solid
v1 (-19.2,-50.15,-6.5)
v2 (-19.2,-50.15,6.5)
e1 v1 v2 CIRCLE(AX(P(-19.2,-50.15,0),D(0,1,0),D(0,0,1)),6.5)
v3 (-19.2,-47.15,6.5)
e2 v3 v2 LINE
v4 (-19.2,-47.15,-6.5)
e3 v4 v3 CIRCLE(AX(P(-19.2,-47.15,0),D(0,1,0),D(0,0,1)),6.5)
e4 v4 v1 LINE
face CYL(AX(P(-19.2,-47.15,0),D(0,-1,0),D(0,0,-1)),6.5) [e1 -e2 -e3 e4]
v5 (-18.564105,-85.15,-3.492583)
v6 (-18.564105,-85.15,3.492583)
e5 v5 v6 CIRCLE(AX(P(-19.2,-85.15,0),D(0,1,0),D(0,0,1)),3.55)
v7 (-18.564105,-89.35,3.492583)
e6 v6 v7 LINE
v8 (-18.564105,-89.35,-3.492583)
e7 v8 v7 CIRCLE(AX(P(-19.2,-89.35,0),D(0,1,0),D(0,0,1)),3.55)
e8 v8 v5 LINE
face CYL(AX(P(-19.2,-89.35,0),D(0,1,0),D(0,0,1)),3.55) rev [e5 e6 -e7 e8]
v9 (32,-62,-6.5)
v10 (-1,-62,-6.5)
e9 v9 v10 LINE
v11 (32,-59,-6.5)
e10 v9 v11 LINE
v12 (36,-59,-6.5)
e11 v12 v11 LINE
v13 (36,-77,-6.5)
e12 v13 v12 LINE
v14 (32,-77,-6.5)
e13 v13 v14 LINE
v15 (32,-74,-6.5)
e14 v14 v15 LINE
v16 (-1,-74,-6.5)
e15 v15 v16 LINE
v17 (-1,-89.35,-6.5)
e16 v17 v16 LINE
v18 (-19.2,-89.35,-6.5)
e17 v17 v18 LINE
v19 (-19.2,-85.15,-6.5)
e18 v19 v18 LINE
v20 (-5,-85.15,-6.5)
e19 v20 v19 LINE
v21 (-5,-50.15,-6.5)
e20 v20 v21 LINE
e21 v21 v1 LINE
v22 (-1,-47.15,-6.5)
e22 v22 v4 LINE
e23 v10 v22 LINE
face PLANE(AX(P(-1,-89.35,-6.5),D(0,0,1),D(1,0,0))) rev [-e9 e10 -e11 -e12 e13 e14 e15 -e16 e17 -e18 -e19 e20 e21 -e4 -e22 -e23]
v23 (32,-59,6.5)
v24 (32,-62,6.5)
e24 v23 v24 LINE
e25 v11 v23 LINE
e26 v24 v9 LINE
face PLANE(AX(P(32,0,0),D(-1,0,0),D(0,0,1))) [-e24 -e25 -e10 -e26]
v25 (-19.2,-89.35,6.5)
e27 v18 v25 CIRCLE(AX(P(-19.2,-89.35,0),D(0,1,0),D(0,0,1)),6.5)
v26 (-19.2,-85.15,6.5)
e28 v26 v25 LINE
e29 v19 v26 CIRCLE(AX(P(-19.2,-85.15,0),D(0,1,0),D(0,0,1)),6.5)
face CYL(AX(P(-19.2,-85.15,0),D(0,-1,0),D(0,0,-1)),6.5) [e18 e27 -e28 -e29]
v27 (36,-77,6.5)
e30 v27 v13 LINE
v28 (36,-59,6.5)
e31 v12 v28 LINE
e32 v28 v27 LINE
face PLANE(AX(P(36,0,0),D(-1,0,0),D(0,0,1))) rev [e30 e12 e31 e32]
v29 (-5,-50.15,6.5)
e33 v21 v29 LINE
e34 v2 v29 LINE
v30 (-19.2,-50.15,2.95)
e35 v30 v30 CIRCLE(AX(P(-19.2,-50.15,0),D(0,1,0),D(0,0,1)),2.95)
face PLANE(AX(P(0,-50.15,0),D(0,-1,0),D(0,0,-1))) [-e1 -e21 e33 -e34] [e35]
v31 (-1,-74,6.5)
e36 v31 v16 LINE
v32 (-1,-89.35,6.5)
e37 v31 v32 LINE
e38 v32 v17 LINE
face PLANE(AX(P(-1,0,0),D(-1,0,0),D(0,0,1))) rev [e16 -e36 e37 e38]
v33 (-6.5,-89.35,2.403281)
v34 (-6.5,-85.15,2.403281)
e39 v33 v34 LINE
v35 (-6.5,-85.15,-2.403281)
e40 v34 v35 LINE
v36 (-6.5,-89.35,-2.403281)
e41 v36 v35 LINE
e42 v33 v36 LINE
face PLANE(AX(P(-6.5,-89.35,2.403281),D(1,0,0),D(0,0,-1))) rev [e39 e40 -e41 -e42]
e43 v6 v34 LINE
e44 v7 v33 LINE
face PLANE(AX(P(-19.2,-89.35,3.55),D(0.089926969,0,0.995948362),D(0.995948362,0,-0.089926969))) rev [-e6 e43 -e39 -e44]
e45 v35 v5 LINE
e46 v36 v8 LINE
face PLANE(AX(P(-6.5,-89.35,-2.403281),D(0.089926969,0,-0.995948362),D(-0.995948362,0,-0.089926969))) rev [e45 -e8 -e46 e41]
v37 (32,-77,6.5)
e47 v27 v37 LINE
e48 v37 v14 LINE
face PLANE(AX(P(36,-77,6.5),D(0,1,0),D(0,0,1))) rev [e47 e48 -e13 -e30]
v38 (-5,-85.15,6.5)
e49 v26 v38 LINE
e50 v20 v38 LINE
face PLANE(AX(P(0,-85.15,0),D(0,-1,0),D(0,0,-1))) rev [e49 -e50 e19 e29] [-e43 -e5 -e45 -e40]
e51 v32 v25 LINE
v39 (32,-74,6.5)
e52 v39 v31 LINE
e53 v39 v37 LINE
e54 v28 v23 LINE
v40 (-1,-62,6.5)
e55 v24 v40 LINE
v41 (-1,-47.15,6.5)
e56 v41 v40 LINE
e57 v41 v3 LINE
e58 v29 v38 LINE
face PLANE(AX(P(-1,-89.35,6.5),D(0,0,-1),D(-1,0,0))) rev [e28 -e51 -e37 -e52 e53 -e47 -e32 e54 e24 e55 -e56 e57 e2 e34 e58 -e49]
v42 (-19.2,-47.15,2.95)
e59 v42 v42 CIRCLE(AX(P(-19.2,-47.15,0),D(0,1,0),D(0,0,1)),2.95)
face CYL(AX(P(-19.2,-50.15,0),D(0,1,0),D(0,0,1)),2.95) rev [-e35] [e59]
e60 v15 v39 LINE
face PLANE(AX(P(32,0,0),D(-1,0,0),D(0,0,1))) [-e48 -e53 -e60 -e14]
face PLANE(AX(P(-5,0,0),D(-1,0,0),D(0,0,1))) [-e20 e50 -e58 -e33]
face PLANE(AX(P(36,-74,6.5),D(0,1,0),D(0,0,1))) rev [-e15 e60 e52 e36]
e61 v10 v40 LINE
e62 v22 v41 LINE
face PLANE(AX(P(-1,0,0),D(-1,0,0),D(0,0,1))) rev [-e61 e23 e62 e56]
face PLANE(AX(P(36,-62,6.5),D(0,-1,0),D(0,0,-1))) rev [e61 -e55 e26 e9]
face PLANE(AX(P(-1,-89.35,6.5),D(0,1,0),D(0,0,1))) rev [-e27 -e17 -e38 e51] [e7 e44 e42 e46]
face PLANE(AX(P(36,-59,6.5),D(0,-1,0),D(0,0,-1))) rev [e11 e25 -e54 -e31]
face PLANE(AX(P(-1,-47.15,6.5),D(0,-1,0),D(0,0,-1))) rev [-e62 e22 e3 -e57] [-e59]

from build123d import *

# Parameters (mm, degrees)
BOSS_EXTRUDE1_START = -3
SKETCH1_W           = 13
SKETCH1_H           = 42.2
BOSS_EXTRUDE1_DEPTH = 2
BOSS_EXTRUDE2_START = -87.25
SKETCH2_R           = 6.5
BOSS_EXTRUDE2_DEPTH = 2.1
BOSS_EXTRUDE3_START = -87.25
SKETCH3_W           = 18.2
SKETCH3_H           = 13
BOSS_EXTRUDE3_DEPTH = 2.1
CUT_EXTRUDE1_START  = -87.25
SKETCH4_R           = 3.55
CUT_EXTRUDE1_DEPTH  = 2.1
CUT_EXTRUDE2_START  = -87.25
CUT_EXTRUDE2_DEPTH  = 2.1
BOSS_EXTRUDE4_START = -48.65
SKETCH6_R           = 6.5
BOSS_EXTRUDE4_DEPTH = 1.5
BOSS_EXTRUDE5_START = -48.65
SKETCH7_W           = 18.2
SKETCH7_H           = 13
BOSS_EXTRUDE5_DEPTH = 1.5
CUT_EXTRUDE3_START  = -48.65
SKETCH8_R           = 2.95
CUT_EXTRUDE3_DEPTH  = 1.5
BOSS_EXTRUDE6_START = 17
SKETCH9_W           = 13
SKETCH9_H           = 12
BOSS_EXTRUDE6_DEPTH = 19
BOSS_EXTRUDE7_START = 34
SKETCH10_W          = 13
SKETCH10_H          = 18
BOSS_EXTRUDE7_DEPTH = 2


with BuildPart() as part:
    # Sketch1 → Boss-Extrude1 (new, symmetric)
    with BuildSketch(Plane(origin=(0, 0, 0), x_dir=(0, 0, -1), z_dir=(1, 0, 0)).offset(BOSS_EXTRUDE1_START)):
        with Locations((0, -68.25)):
            Rectangle(SKETCH1_W, SKETCH1_H)
    extrude(amount=BOSS_EXTRUDE1_DEPTH, both=True)



with BuildPart() as body_2:
    # Sketch2 → Boss-Extrude2 (new, symmetric)
    with BuildSketch(Plane(origin=(0, 0, 0), x_dir=(1, 0, 0), z_dir=(0, 1, 0)).offset(BOSS_EXTRUDE2_START)):
        with Locations(Location((-19.2, 0, 0), (0, 0, 270))):
            Circle(SKETCH2_R)
    extrude(amount=BOSS_EXTRUDE2_DEPTH, both=True)


with BuildPart() as part_1:
    add(part.part)

    add(body_2.part)  # Boss-Extrude3 merges body 2
    # Sketch3 → Boss-Extrude3 (add, symmetric)
    with BuildSketch(Plane(origin=(0, 0, 0), x_dir=(1, 0, 0), z_dir=(0, 1, 0)).offset(BOSS_EXTRUDE3_START)):
        with Locations((-10.1, 0)):
            Rectangle(SKETCH3_W, SKETCH3_H)
    extrude(amount=BOSS_EXTRUDE3_DEPTH, both=True)

    # Sketch4 → Cut-Extrude1 (cut, symmetric)
    with BuildSketch(Plane(origin=(0, 0, 0), x_dir=(1, 0, 0), z_dir=(0, 1, 0)).offset(CUT_EXTRUDE1_START)):
        with Locations(Location((-19.2, 0, 0), (0, 0, 270))):
            Circle(SKETCH4_R)
    extrude(amount=CUT_EXTRUDE1_DEPTH, both=True, mode=Mode.SUBTRACT)

    # Sketch5 → Cut-Extrude2 (cut, symmetric)
    with BuildSketch(Plane(origin=(0, 0, 0), x_dir=(1, 0, 0), z_dir=(0, 1, 0)).offset(CUT_EXTRUDE2_START)):
        Polygon((-19.2, -3.55), (-6.5, -2.403281405), (-6.5, 2.403281405), (-19.2, 3.55), align=None)
    extrude(amount=CUT_EXTRUDE2_DEPTH, both=True, mode=Mode.SUBTRACT)



with BuildPart() as body_2_2:
    # Sketch6 → Boss-Extrude4 (new, symmetric)
    with BuildSketch(Plane(origin=(0, 0, 0), x_dir=(1, 0, 0), z_dir=(0, 1, 0)).offset(BOSS_EXTRUDE4_START)):
        with Locations(Location((-19.2, 0, 0), (0, 0, 270))):
            Circle(SKETCH6_R)
    extrude(amount=BOSS_EXTRUDE4_DEPTH, both=True)


with BuildPart() as part_2:
    add(part_1.part)

    add(body_2_2.part)  # Boss-Extrude5 merges body 2 2
    # Sketch7 → Boss-Extrude5 (add, symmetric)
    with BuildSketch(Plane(origin=(0, 0, 0), x_dir=(1, 0, 0), z_dir=(0, 1, 0)).offset(BOSS_EXTRUDE5_START)):
        with Locations((-10.1, 0)):
            Rectangle(SKETCH7_W, SKETCH7_H)
    extrude(amount=BOSS_EXTRUDE5_DEPTH, both=True)

    # Sketch8 → Cut-Extrude3 (cut, symmetric)
    with BuildSketch(Plane(origin=(0, 0, 0), x_dir=(1, 0, 0), z_dir=(0, 1, 0)).offset(CUT_EXTRUDE3_START)):
        with Locations(Location((-19.2, 0, 0), (0, 0, 270))):
            Circle(SKETCH8_R)
    extrude(amount=CUT_EXTRUDE3_DEPTH, both=True, mode=Mode.SUBTRACT)

    # Sketch9 → Boss-Extrude6 (add, symmetric)
    with BuildSketch(Plane(origin=(0, 0, 0), x_dir=(0, 0, -1), z_dir=(1, 0, 0)).offset(BOSS_EXTRUDE6_START)):
        with Locations((0, -68)):
            Rectangle(SKETCH9_W, SKETCH9_H)
    extrude(amount=BOSS_EXTRUDE6_DEPTH, both=True)

    # Sketch10 → Boss-Extrude7 (add, symmetric)
    with BuildSketch(Plane(origin=(0, 0, 0), x_dir=(0, 0, -1), z_dir=(1, 0, 0)).offset(BOSS_EXTRUDE7_START)):
        with Locations((0, -68)):
            Rectangle(SKETCH10_W, SKETCH10_H)
    extrude(amount=BOSS_EXTRUDE7_DEPTH, both=True)


solid = part_2.part
